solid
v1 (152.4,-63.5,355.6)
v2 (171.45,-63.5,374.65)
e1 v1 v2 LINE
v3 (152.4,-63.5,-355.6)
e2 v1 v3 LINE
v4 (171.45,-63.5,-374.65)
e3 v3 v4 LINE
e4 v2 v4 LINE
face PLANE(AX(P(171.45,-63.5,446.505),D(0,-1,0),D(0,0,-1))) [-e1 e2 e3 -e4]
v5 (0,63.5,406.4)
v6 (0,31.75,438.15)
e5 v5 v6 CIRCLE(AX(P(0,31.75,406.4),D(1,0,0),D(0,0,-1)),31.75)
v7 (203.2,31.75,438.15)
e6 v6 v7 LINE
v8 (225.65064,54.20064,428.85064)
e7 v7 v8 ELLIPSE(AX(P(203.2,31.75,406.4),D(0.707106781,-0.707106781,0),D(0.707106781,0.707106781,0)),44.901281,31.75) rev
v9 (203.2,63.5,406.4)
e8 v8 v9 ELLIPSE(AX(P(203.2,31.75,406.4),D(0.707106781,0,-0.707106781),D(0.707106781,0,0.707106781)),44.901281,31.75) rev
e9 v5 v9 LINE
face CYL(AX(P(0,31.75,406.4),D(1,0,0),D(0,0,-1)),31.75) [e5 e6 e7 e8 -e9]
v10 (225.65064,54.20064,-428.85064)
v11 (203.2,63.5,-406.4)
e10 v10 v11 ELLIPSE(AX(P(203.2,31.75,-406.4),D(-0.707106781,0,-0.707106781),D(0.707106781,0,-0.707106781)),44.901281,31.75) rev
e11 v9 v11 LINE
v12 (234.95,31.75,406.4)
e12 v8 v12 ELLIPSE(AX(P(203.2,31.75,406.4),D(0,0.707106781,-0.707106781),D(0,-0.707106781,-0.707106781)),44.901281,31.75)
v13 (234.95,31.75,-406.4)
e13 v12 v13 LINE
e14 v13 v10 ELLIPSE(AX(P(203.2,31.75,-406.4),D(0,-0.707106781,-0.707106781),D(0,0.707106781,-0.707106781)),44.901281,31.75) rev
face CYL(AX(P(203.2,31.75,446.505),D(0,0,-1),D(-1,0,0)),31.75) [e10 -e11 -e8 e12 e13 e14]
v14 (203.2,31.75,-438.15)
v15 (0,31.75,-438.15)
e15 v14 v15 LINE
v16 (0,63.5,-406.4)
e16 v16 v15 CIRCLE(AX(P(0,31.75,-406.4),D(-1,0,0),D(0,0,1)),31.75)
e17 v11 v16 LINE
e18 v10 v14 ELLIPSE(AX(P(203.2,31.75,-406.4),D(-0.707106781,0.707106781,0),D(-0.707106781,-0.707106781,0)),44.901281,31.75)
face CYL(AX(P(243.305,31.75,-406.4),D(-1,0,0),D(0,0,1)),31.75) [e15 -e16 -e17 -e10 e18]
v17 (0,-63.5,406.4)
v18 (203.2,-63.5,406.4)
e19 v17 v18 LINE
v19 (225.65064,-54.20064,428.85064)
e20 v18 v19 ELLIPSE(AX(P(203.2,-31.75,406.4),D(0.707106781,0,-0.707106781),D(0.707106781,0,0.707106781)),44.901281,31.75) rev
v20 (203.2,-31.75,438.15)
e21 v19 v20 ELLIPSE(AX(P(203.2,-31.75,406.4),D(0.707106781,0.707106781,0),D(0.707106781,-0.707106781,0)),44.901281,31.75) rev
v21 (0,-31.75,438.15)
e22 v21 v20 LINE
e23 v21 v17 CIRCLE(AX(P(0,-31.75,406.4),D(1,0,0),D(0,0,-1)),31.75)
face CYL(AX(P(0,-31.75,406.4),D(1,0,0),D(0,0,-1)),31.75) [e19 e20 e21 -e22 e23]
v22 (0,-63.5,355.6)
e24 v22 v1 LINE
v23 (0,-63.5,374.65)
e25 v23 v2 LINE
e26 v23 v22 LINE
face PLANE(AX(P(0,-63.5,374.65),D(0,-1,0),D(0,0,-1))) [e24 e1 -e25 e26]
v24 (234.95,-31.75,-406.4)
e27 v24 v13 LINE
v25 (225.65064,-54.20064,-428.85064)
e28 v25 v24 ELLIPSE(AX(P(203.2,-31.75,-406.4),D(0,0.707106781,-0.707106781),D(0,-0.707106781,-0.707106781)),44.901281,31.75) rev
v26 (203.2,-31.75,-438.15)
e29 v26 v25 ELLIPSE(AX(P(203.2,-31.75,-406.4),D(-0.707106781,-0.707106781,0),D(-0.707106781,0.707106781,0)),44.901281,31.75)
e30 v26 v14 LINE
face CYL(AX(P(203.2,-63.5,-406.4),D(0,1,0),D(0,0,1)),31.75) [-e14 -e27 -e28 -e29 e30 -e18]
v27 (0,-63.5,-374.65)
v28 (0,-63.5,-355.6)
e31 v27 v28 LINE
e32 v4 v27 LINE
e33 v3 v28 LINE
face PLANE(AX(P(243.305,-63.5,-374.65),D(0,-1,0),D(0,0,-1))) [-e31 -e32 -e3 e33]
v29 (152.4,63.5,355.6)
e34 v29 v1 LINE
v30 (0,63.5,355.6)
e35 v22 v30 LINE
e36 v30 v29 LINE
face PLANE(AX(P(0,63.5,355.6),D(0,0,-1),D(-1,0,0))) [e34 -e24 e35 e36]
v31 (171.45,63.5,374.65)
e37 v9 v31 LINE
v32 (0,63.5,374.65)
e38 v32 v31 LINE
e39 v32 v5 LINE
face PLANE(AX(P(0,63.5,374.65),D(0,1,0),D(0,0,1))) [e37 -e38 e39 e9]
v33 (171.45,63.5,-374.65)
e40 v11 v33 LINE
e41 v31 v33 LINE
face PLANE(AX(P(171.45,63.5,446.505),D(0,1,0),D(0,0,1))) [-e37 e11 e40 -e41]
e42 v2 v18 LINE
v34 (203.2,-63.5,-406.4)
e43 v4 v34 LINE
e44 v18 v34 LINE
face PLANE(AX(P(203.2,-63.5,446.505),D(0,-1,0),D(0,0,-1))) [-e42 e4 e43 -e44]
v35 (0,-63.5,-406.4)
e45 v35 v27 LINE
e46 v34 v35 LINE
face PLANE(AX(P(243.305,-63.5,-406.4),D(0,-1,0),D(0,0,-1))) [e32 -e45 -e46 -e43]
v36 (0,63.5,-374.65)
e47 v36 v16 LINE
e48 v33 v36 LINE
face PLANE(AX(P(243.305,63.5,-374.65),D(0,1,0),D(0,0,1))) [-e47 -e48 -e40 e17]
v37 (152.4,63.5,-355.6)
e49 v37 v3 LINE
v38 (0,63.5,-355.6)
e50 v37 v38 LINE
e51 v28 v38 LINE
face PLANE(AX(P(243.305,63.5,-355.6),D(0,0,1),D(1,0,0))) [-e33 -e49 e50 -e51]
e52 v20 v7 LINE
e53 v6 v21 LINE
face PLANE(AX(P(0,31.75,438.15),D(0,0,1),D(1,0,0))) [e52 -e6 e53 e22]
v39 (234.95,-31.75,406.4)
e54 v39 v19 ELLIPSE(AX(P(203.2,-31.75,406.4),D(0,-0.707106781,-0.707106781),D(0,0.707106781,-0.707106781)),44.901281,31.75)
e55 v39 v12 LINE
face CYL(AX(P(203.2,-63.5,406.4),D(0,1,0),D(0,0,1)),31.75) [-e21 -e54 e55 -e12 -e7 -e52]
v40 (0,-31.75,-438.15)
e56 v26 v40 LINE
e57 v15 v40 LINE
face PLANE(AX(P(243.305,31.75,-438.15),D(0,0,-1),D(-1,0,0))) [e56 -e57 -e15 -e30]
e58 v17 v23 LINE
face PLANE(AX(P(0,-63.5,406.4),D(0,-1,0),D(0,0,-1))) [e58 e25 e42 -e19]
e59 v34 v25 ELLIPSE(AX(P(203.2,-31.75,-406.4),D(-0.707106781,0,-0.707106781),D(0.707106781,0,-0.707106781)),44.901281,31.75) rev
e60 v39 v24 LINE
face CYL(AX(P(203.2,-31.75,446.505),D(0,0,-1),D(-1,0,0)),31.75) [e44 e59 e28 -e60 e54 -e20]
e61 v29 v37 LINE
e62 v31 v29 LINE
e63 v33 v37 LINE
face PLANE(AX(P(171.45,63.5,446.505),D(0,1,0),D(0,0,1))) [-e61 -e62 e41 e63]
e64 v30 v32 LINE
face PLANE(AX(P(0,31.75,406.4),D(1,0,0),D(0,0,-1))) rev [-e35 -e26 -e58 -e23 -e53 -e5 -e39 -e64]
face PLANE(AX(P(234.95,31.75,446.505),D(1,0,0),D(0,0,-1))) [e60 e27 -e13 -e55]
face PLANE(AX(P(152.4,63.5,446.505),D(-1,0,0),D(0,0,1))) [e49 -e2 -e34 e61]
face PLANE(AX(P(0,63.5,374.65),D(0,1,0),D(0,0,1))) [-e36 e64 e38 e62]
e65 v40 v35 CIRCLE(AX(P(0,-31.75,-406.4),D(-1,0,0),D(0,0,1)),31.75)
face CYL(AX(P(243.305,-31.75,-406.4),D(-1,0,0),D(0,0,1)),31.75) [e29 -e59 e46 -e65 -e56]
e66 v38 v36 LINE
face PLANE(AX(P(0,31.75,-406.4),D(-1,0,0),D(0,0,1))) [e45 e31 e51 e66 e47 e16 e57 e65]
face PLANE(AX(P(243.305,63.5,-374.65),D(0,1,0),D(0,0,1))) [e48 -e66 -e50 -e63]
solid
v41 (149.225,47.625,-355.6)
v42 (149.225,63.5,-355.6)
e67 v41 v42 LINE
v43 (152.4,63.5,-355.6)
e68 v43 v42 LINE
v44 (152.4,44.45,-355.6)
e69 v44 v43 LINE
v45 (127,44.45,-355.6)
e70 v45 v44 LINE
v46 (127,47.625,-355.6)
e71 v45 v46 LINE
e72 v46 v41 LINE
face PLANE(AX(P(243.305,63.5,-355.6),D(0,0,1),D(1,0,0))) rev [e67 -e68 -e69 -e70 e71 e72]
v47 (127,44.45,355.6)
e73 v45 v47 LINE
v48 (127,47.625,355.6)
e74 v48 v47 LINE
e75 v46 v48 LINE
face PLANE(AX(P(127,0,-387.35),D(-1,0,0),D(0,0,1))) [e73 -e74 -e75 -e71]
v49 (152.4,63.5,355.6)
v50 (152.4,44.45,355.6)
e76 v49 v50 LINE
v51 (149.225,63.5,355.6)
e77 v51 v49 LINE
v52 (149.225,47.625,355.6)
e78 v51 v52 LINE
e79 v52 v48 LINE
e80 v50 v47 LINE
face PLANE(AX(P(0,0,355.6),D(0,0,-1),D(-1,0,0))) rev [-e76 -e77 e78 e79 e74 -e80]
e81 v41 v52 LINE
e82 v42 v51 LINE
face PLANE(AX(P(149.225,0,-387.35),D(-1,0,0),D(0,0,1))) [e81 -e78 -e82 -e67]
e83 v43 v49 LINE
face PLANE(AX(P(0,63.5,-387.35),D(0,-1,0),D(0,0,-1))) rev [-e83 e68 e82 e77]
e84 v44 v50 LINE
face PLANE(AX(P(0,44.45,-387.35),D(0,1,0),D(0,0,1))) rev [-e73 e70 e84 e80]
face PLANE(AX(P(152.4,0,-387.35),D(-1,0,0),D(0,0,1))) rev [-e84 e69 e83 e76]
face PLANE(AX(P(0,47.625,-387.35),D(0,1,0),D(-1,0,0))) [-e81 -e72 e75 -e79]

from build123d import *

# Parameters (mm, degrees)
CUT_EXTRUDE1_DEPTH      = 502.207716421
CUT_EXTRUDE1_DEPTH_BACK = 502.207716421
SKETCH4_W               = 22.225
SKETCH4_H               = 3.175
BOSS_EXTRUDE1_DEPTH     = 711.2


with BuildPart() as part:
    # Sweep1: sweep along a path in Sketch2
    with BuildLine(Plane(origin=(0, 0, 0), x_dir=(1, 0, 0), z_dir=(0, 1, 0))) as sweep1_path:
        Line((0, -355.6), (152.4, -355.6))
        Line((152.4, -355.6), (152.4, 355.6))
        Line((152.4, 355.6), (0, 355.6))
    # Sketch1 → Sweep1 (sweep)
    with BuildSketch(Plane(origin=(0, 0, 0), x_dir=(0, 0, -1), z_dir=(1, 0, 0))):
        with BuildLine():
            Line((-374.65, 63.5), (-355.6, 63.5))
            Line((-355.6, 63.5), (-355.6, -63.5))
            Line((-355.6, -63.5), (-374.65, -63.5))
            Line((-374.65, -63.5), (-406.4, -63.5))
            ThreePointArc((-406.4, -63.5), (-428.850640303, -54.200640303), (-438.15, -31.75))
            Line((-438.15, -31.75), (-438.15, 31.75))
            ThreePointArc((-438.15, 31.75), (-428.850640303, 54.200640303), (-406.4, 63.5))
            Line((-406.4, 63.5), (-374.65, 63.5))
        make_face()
    sweep(path=sweep1_path.line, transition=Transition.RIGHT)

    # Sketch3 → Cut-Extrude1 (cut, two sides: drawn at the far end of the back side and taken through both)
    with BuildSketch(Plane(origin=(0, 0, 0), x_dir=(1, 0, 0), z_dir=(0, 1, 0)).offset(-CUT_EXTRUDE1_DEPTH_BACK)):
        with BuildLine():
            ThreePointArc((234.95, -406.4), (225.650640303, -428.850640303), (203.2, -438.15))
            Line((203.2, -438.15), (234.95, -438.15))
            Line((234.95, -438.15), (234.95, -406.4))
        make_face()
        with BuildLine():
            ThreePointArc((203.2, 438.15), (225.650640303, 428.850640303), (234.95, 406.4))
            Line((234.95, 406.4), (234.95, 438.15))
            Line((234.95, 438.15), (203.2, 438.15))
        make_face()
    extrude(amount=CUT_EXTRUDE1_DEPTH + CUT_EXTRUDE1_DEPTH_BACK, mode=Mode.SUBTRACT)


with BuildPart() as body_2:
    # Sketch4 → Boss-Extrude1 (new body)
    with BuildSketch(Plane(origin=(0, 0, 355.6), x_dir=(-1, 0, 0), z_dir=(0, 0, -1))):
        Polygon((-149.225, 63.5), (-152.4, 63.5), (-152.4, 44.45), (-149.225, 44.45), (-149.225, 47.625), align=None)
        with Locations((-138.1125, 46.0375)):
            Rectangle(SKETCH4_W, SKETCH4_H)
    extrude(amount=BOSS_EXTRUDE1_DEPTH)


solid = Compound([part.part, body_2.part])
